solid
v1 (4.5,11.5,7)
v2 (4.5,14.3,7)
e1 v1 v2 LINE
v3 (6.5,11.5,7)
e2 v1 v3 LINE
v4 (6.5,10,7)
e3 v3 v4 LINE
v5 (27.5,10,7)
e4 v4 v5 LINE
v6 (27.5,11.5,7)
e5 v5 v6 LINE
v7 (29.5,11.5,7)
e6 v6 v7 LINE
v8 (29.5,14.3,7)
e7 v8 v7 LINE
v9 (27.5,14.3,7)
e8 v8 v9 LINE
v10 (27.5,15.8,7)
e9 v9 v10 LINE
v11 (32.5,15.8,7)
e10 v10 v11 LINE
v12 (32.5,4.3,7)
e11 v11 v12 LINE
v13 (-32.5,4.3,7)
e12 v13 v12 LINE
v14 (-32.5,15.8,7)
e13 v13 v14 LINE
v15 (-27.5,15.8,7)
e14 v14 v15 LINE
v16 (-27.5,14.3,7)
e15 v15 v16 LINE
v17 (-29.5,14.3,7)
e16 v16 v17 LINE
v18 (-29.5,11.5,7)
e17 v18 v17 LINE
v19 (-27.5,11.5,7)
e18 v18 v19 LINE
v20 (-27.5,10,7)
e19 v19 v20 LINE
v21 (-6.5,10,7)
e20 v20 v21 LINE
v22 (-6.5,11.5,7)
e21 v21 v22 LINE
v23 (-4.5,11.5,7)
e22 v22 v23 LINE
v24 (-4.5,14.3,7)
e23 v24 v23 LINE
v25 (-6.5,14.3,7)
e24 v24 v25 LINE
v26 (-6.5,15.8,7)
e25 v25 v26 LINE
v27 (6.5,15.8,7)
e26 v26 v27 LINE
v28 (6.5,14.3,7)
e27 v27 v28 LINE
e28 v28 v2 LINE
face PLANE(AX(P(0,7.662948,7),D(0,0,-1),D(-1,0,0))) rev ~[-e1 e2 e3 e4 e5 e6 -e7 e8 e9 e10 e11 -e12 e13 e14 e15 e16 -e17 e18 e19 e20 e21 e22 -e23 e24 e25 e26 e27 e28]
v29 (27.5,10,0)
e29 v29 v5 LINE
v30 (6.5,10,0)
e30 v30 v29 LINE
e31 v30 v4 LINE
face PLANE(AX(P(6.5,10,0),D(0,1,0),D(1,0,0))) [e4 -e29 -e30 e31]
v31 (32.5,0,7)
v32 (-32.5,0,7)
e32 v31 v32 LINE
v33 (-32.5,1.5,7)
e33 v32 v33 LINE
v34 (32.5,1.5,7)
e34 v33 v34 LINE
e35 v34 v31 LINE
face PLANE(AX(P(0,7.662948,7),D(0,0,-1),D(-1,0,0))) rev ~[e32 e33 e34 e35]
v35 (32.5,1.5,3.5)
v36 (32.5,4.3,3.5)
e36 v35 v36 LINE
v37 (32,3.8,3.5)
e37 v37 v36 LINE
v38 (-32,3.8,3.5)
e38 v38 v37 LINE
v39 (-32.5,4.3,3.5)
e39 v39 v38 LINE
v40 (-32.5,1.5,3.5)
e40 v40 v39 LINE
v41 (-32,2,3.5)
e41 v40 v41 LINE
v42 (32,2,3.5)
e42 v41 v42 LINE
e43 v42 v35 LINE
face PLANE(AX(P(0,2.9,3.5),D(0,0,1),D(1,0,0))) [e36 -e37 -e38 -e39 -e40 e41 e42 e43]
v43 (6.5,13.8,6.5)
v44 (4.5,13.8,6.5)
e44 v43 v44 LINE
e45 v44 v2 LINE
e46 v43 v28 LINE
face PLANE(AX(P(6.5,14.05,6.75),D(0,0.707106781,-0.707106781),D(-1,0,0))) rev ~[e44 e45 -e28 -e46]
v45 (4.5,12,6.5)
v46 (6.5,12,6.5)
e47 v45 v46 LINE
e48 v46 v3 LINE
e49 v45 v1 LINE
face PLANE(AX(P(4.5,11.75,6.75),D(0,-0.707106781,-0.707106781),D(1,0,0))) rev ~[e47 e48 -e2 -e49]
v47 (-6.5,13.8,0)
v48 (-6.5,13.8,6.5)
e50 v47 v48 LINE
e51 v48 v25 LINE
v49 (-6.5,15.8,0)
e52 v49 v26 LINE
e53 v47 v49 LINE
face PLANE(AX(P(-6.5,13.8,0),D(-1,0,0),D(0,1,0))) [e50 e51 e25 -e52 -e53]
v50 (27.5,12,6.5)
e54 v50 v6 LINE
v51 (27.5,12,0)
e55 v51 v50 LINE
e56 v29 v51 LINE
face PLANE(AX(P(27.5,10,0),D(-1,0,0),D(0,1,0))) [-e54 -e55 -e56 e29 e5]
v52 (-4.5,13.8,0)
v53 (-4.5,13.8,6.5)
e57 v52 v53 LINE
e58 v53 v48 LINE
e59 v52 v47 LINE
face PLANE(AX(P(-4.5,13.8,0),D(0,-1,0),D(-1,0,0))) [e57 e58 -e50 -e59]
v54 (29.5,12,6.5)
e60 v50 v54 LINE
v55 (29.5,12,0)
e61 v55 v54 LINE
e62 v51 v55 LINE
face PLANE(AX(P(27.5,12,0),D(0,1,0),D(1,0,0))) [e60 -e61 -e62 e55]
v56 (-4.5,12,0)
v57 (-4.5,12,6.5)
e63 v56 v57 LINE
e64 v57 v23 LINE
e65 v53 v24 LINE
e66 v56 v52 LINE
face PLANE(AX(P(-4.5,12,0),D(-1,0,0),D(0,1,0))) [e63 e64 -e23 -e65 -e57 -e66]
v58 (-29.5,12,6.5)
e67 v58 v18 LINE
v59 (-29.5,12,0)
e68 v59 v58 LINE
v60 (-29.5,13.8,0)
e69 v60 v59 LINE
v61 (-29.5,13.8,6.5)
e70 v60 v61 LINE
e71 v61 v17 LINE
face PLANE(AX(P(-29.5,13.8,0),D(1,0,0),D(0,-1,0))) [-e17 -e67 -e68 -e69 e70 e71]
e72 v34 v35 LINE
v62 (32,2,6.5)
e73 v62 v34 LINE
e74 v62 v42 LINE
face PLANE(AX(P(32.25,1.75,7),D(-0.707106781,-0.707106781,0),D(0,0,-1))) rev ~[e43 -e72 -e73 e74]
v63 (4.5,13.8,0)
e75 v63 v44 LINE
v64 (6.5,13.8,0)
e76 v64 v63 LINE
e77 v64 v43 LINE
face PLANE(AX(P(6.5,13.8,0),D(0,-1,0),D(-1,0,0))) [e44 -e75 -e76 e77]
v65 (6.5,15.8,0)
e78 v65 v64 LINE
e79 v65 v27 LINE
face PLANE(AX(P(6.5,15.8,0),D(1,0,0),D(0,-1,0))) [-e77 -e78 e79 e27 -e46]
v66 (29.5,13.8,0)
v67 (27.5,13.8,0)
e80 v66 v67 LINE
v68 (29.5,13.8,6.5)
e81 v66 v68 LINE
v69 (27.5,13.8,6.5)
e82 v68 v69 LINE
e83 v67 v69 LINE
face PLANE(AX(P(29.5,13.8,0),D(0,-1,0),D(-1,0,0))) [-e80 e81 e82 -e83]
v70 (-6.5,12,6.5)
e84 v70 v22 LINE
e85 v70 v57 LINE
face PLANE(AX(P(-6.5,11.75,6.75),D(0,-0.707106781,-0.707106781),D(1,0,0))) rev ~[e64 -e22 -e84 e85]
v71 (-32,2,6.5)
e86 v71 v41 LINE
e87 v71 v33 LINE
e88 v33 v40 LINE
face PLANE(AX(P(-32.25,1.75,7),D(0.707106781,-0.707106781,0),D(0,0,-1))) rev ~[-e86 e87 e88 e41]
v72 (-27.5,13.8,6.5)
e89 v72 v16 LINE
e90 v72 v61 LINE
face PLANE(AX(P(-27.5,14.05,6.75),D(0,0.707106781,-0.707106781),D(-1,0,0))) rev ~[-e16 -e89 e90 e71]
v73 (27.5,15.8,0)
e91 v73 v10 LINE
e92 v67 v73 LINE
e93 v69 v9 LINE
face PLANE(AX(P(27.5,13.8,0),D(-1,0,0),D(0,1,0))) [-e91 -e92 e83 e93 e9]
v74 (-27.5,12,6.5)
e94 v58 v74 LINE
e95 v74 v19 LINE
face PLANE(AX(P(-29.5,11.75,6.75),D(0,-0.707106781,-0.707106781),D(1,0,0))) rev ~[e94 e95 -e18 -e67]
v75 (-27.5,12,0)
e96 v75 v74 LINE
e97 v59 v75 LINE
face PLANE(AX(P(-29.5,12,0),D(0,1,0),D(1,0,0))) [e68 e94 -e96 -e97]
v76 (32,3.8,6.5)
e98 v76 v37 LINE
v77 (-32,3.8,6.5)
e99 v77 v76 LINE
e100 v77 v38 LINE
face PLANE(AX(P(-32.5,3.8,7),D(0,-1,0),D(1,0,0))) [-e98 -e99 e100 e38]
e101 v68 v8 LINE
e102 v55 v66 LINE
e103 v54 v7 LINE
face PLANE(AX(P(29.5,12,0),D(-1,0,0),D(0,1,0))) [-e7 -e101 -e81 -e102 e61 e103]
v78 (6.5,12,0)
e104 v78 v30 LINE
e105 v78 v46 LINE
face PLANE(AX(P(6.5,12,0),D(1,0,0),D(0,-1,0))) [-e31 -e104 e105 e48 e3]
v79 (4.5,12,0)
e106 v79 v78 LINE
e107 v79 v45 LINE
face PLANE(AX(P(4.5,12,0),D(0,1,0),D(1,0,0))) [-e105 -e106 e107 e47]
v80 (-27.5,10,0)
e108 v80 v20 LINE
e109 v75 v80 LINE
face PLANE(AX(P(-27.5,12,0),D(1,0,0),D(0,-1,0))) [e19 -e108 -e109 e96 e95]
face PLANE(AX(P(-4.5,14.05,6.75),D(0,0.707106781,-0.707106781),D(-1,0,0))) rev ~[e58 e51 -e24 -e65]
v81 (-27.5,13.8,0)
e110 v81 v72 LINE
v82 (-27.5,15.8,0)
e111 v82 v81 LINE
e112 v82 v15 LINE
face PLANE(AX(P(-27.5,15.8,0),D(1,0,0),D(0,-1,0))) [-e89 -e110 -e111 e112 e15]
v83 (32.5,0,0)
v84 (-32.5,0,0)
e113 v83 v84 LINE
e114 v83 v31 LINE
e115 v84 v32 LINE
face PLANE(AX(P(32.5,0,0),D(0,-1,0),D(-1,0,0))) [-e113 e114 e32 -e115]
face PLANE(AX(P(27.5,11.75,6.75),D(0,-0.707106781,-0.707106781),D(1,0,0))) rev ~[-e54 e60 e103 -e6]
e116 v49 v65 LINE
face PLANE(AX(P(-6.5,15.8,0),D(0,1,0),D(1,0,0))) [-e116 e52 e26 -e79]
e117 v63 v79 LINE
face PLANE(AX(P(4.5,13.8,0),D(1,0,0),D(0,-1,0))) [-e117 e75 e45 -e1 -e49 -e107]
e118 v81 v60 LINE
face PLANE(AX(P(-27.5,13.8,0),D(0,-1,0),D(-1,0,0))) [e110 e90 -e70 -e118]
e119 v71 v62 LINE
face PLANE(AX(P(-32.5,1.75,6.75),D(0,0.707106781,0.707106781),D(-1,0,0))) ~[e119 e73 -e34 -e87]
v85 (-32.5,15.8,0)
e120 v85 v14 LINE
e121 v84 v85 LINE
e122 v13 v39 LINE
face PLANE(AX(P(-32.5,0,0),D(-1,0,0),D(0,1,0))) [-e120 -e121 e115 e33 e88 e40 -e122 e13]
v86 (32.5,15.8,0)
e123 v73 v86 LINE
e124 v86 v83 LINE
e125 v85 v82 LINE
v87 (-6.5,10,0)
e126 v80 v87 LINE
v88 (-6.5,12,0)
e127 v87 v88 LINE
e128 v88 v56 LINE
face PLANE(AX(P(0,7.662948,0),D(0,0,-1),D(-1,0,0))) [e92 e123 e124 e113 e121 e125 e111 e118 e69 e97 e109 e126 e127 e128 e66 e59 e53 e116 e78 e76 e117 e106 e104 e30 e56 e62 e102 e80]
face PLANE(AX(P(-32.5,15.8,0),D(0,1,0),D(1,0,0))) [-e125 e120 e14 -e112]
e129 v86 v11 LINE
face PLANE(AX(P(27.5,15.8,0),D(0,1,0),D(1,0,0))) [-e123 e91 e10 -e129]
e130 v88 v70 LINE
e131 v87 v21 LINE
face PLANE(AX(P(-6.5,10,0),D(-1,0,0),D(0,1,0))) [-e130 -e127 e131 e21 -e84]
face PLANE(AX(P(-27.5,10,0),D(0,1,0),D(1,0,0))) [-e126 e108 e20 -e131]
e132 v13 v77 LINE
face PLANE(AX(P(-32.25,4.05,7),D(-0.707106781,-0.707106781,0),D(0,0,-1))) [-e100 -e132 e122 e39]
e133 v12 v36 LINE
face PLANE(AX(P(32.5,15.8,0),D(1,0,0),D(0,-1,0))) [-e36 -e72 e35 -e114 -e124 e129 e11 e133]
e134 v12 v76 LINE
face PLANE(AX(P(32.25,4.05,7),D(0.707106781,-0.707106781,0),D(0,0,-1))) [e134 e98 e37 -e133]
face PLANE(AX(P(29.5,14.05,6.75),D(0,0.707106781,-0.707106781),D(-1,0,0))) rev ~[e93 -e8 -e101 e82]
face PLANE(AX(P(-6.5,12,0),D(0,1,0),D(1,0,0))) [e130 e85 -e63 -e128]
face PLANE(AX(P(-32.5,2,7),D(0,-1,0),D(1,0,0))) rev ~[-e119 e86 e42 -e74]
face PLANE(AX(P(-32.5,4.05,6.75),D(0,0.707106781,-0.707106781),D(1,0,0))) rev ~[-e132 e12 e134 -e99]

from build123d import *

# Parameters (mm, degrees)
PAD_DEPTH       = 7
SKETCH001_W     = 65
SKETCH001_H     = 1.8
POCKET_DEPTH    = 3.5
CHAMFER_SIZE    = 0.5
CHAMFER001_SIZE = 0.5


with BuildPart() as part:
    # Sketch → Pad (new body)
    with BuildSketch(Plane.XY):
        Polygon((-32.5, 0), (-32.5, 15.8), (-27.5, 15.8), (-27.5, 13.8), (-29.5, 13.8), (-29.5, 12), (-27.5, 12), (-27.5, 10), (-6.5, 10), (-6.5, 12), (-4.5, 12), (-4.5, 13.8), (-6.5, 13.8), (-6.5, 15.8), (6.5, 15.8), (6.5, 13.8), (4.5, 13.8), (4.5, 12), (6.5, 12), (6.5, 10), (27.5, 10), (27.5, 12), (29.5, 12), (29.5, 13.8), (27.5, 13.8), (27.5, 15.8), (32.5, 15.8), (32.5, 0), align=None)
    extrude(amount=PAD_DEPTH)

    # Sketch001 → Pocket (cut)
    with BuildSketch(Plane.XY.offset(7)):
        with Locations((0, 2.9)):
            Rectangle(SKETCH001_W, SKETCH001_H)
    extrude(amount=-POCKET_DEPTH, mode=Mode.SUBTRACT)

    # Chamfer
    chamfer_edges = [part.edges().sort_by_distance(p)[0] for p in [
        (0, 2, 7),
        (0, 3.8, 7),
        (-32.5, 2, 5.25),
        (-32.5, 3.8, 5.25),
        (32.5, 2, 5.25),
        (32.5, 3.8, 5.25),
    ]]
    chamfer(chamfer_edges, length=CHAMFER_SIZE)

    # Chamfer001
    chamfer001_edges = [part.edges().sort_by_distance(p)[0] for p in [
        (-28.5, 12, 7),
        (-28.5, 13.8, 7),
        (-5.5, 12, 7),
        (-5.5, 13.8, 7),
        (5.5, 12, 7),
        (5.5, 13.8, 7),
        (28.5, 12, 7),
        (28.5, 13.8, 7),
    ]]
    chamfer(chamfer001_edges, length=CHAMFER001_SIZE)


solid = part.part
